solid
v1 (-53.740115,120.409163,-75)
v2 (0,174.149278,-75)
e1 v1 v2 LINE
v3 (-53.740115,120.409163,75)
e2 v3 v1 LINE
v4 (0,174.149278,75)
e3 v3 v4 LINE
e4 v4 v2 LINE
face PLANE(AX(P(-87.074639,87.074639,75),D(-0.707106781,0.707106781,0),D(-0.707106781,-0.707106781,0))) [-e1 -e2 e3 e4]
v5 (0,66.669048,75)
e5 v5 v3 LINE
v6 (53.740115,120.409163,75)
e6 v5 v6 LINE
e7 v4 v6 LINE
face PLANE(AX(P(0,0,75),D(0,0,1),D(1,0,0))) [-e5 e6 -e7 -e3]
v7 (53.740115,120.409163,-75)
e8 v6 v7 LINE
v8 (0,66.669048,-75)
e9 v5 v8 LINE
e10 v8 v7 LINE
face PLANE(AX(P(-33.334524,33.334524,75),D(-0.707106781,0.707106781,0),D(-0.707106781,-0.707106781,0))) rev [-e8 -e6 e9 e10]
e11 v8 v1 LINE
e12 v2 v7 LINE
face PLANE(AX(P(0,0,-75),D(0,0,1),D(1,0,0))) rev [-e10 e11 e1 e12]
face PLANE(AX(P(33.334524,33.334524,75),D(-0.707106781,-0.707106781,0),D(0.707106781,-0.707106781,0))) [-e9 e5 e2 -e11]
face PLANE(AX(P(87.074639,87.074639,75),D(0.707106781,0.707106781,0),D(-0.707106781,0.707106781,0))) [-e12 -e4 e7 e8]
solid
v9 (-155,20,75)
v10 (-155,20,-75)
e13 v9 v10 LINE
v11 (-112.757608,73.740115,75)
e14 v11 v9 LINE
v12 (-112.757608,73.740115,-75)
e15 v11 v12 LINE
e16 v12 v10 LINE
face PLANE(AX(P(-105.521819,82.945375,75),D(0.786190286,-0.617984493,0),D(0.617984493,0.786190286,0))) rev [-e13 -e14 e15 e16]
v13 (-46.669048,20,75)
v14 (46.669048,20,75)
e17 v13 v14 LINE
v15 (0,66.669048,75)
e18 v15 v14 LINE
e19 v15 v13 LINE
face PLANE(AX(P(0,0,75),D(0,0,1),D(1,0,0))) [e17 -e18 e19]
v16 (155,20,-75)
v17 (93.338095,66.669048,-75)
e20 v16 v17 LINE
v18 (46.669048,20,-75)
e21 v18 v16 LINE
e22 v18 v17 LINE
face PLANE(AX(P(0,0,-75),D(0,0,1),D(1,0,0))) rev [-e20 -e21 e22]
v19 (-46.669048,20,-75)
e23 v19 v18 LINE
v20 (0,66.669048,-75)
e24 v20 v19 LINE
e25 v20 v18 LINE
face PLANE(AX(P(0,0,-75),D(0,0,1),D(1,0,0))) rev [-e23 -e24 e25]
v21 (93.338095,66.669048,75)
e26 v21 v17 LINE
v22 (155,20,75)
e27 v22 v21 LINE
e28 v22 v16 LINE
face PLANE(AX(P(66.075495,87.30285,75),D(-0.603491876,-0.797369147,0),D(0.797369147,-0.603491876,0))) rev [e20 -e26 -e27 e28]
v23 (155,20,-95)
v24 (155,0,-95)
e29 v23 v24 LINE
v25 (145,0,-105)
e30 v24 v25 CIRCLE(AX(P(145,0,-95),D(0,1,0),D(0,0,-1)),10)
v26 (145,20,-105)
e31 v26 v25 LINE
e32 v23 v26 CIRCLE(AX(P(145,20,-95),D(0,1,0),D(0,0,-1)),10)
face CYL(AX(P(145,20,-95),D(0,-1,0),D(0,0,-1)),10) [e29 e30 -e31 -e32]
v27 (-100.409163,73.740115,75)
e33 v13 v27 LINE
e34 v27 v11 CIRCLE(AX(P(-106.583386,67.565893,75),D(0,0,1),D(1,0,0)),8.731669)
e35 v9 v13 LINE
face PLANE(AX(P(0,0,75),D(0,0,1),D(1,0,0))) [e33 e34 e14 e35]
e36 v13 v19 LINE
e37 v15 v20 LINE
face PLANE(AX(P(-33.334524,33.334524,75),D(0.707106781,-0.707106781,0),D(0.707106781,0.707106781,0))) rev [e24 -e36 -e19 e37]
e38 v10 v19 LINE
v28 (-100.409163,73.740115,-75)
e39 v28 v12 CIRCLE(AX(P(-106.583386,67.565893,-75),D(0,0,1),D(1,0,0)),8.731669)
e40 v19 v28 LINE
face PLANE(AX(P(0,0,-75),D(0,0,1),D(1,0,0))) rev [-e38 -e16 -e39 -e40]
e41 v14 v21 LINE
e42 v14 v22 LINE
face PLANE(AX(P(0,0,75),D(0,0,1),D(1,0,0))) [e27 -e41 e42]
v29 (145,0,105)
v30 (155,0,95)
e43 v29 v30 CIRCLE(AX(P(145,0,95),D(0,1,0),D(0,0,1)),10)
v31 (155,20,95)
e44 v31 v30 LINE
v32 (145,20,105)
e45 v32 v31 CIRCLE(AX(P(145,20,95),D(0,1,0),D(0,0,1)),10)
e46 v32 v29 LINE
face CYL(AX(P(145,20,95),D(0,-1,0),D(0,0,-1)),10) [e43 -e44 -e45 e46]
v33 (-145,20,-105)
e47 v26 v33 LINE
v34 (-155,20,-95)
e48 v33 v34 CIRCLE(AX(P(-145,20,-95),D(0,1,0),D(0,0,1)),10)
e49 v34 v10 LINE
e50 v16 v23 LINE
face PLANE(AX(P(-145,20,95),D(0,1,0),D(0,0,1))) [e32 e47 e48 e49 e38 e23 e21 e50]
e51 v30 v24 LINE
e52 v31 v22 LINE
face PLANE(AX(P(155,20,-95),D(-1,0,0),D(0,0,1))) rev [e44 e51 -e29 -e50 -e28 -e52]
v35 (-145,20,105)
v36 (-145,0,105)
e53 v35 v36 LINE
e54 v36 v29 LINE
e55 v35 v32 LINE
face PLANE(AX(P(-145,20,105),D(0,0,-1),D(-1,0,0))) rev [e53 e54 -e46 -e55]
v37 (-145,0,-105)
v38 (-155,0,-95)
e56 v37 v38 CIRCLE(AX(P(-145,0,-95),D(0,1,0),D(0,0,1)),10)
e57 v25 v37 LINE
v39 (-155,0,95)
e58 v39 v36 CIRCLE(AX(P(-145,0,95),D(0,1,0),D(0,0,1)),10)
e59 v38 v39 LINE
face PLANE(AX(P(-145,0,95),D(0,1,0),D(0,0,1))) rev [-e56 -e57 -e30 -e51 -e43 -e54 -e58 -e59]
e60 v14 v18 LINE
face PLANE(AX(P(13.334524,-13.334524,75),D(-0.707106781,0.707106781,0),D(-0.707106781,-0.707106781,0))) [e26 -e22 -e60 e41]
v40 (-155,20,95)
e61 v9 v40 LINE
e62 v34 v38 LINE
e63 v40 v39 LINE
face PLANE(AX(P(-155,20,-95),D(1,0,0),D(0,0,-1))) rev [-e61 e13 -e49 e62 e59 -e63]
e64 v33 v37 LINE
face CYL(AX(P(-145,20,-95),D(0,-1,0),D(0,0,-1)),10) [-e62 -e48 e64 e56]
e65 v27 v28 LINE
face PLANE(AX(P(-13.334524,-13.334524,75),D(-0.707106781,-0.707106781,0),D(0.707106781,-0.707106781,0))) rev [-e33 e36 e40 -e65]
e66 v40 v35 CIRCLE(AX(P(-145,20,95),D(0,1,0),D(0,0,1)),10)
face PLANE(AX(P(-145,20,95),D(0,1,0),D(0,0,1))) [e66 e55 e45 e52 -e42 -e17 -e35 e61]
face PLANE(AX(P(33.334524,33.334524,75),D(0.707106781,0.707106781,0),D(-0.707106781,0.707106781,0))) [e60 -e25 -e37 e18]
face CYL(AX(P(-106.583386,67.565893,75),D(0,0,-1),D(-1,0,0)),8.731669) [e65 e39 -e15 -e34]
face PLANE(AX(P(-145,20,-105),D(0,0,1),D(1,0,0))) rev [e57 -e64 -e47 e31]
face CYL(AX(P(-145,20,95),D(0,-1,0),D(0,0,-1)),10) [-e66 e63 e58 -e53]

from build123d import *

# Parameters (mm, degrees)
BOSS_EXTRUDE1_DEPTH = 20
BOSS_EXTRUDE2_DEPTH = 75


with BuildPart() as part:
    # Sketch2 → Boss-Extrude1 (new body)
    with BuildSketch(Plane(origin=(0, 0, 0), x_dir=(1, 0, 0), z_dir=(0, 1, 0))):
        with BuildLine():
            Line((-145, 105), (145, 105))
            ThreePointArc((145, 105), (152.071067812, 102.071067812), (155, 95))
            Line((155, 95), (155, -95))
            ThreePointArc((155, -95), (152.071067812, -102.071067812), (145, -105))
            Line((145, -105), (-145, -105))
            ThreePointArc((-145, -105), (-152.071067812, -102.071067812), (-155, -95))
            Line((-155, -95), (-155, 95))
            ThreePointArc((-155, 95), (-152.071067812, 102.071067812), (-145, 105))
        make_face()
    extrude(amount=BOSS_EXTRUDE1_DEPTH)

    # Sketch4 → Boss-Extrude2 (add, symmetric)
    with BuildSketch(Plane.XY):
        with BuildLine():
            Line((-155, 20), (-46.669047558, 20))
            Line((-46.669047558, 20), (-100.409162928, 73.74011537))
            ThreePointArc((-100.409162928, 73.74011537), (-106.583385641, 76.297562155), (-112.757608353, 73.74011537))
            Line((-112.757608353, 73.74011537), (-155, 20))
        make_face()
        Polygon((46.669047558, 20), (0, 66.669047558), (-46.669047558, 20), align=None)
        Polygon((93.338095117, 66.669047558), (46.669047558, 20), (155, 20), align=None)
        Polygon((0, 174.149278299), (53.74011537, 120.409162928), (0, 66.669047558), (-53.74011537, 120.409162928), align=None)
    extrude(amount=BOSS_EXTRUDE2_DEPTH, both=True)


with BuildPart() as boss_extrude2_piece_1:
    # of the separate pieces the step leaves, piece 1, a body of its own (boss_extrude2_pieces)
    add(part.part.solids().sort_by_distance((-145, 0, -105))[0])


with BuildPart() as boss_extrude2_piece_2:
    # of the separate pieces the step leaves, piece 2, a body of its own (boss_extrude2_pieces)
    add(part.part.solids().sort_by_distance((-53.74011537, 120.409162928, -75))[0])


solid = Compound([boss_extrude2_piece_1.part, boss_extrude2_piece_2.part])
